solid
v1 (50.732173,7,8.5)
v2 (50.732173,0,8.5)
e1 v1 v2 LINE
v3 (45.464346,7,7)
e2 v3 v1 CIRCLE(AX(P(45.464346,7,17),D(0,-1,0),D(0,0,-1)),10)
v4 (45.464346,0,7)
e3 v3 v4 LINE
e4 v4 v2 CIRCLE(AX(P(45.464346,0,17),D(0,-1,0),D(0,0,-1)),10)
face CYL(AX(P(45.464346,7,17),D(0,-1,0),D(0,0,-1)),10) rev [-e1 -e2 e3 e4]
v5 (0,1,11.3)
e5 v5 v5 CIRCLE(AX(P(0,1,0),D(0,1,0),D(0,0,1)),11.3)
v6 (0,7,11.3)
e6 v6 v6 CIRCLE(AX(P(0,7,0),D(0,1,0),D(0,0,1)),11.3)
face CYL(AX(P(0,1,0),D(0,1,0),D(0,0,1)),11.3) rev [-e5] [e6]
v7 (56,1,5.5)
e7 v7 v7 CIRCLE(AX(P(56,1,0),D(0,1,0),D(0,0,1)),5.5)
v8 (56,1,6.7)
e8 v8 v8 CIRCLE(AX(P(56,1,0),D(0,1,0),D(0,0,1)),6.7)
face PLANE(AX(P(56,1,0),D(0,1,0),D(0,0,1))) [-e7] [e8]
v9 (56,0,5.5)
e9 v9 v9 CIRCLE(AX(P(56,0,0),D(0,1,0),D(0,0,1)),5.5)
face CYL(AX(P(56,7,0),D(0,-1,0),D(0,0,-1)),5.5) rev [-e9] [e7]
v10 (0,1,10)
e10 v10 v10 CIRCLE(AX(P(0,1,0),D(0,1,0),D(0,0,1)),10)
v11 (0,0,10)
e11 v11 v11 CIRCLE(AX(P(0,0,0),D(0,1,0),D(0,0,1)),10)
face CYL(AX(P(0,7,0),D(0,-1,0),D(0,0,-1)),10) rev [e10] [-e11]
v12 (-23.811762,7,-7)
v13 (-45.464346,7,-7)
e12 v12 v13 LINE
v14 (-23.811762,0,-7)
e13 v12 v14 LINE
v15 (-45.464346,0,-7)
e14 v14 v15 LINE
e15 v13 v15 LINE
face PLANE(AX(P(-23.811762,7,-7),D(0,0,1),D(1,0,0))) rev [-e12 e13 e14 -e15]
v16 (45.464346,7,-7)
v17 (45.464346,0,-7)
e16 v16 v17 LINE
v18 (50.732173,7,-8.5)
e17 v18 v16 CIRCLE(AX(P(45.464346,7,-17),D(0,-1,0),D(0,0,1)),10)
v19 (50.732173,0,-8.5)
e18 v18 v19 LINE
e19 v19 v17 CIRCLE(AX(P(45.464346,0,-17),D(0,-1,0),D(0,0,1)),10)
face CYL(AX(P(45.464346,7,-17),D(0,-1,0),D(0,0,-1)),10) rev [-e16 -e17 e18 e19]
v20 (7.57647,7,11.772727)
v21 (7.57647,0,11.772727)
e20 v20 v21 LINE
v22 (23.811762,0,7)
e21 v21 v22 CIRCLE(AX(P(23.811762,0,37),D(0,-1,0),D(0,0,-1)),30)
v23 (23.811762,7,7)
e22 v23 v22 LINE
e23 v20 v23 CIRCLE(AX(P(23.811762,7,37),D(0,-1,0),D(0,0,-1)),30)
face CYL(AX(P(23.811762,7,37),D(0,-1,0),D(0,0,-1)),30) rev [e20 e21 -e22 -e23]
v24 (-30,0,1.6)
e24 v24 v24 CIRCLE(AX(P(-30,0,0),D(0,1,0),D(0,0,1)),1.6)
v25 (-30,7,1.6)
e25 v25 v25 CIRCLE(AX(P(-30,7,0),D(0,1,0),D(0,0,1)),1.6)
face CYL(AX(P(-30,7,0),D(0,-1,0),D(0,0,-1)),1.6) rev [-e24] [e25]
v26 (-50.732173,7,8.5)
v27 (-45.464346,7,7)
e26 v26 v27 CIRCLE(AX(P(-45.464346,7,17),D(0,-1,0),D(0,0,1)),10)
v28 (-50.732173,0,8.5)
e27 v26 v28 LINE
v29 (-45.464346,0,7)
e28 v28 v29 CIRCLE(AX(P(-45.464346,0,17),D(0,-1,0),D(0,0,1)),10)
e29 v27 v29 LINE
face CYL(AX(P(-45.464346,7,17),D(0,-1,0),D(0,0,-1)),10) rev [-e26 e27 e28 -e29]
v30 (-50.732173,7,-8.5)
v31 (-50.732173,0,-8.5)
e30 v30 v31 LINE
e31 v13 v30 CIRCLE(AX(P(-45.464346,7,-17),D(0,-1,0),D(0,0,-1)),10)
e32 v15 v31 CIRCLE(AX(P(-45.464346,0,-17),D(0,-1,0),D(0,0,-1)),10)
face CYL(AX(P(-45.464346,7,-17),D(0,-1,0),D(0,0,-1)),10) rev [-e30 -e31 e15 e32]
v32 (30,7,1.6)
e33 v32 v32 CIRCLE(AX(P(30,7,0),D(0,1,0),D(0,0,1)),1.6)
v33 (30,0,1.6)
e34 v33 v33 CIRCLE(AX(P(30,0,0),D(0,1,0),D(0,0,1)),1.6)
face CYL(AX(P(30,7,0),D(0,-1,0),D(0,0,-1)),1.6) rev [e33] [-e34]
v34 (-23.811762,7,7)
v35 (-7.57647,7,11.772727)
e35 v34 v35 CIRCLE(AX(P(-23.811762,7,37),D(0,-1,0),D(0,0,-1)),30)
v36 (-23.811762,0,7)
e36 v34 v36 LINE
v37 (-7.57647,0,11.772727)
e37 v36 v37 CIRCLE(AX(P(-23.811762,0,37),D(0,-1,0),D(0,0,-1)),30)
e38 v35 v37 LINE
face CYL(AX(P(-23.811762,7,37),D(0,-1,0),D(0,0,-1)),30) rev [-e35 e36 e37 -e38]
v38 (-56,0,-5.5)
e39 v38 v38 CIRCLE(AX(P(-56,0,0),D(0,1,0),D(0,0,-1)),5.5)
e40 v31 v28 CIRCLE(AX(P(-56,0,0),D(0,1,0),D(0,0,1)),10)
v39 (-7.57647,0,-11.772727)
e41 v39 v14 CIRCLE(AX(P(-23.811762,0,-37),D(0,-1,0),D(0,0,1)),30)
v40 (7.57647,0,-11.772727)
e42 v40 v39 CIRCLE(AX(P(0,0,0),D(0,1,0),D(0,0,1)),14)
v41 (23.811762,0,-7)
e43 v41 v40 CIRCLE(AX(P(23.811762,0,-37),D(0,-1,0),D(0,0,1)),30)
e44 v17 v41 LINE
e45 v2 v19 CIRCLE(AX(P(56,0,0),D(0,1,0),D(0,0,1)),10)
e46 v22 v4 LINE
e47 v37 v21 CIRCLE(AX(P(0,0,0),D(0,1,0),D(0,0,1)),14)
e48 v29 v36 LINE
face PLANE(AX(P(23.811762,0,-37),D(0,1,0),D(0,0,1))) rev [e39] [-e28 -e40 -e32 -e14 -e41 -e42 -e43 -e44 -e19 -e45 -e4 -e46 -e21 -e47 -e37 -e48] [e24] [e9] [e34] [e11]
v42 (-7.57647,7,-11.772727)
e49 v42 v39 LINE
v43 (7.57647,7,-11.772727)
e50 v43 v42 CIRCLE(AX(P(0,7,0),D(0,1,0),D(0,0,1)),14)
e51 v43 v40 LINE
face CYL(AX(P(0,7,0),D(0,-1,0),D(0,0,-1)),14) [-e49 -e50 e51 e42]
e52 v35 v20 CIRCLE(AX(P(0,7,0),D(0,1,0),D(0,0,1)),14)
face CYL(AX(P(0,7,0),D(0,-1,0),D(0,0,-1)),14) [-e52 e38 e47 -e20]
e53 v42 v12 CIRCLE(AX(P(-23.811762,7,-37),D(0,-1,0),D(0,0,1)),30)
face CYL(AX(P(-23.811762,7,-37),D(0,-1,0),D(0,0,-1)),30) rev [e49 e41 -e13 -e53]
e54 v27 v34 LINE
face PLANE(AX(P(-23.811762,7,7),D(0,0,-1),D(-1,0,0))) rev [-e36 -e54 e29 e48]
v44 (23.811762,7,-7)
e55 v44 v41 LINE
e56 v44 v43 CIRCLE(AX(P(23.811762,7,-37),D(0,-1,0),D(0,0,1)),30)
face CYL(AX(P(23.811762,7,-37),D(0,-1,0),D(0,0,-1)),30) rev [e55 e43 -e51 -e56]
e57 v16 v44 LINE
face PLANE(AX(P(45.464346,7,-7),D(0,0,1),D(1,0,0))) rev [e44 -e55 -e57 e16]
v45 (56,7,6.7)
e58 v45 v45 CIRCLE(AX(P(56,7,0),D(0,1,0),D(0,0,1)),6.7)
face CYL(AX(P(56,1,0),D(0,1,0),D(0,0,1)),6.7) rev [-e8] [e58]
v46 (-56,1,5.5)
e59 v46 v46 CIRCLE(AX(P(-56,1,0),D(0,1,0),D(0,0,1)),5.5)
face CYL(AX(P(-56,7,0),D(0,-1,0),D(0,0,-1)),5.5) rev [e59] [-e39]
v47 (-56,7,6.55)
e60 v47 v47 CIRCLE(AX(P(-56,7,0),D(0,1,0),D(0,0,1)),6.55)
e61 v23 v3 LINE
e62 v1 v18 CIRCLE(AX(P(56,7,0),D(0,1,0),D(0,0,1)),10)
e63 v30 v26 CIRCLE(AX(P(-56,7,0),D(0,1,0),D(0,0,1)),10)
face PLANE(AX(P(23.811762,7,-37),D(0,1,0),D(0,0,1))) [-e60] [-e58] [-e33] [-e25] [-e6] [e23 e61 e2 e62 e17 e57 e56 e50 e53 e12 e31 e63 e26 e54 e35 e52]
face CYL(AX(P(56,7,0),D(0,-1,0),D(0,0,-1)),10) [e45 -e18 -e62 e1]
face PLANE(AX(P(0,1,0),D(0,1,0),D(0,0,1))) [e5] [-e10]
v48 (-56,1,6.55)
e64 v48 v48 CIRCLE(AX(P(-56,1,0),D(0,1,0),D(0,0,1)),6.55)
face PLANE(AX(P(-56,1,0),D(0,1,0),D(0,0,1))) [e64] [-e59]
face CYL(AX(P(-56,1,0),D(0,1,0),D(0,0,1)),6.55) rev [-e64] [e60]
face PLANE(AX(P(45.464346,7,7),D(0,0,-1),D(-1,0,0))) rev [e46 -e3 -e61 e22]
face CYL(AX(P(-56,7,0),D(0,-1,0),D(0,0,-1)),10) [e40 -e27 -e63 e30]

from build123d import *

# Parameters (mm, degrees)
SKETCH_1_R          = 10
SKETCH_1_R_2        = 5.5
SKETCH_1_R_3        = 1.6
EXTRUDE_1_DEPTH     = 7
SKETCH_3_R          = 6.55
SKETCH_3_R_2        = 6.7
CUT_EXTRUDE_1_DEPTH = 6
SKETCH_4_R          = 11.3
CUT_EXTRUDE_2_DEPTH = 6


with BuildPart() as part:
    # Эскиз1 → Бобышка-Вытянуть1 (new body)
    with BuildSketch(Plane(origin=(0, 0, 0), x_dir=(1, 0, 0), z_dir=(0, 1, 0))):
        with BuildLine():
            Line((-23.8117618, 7), (-45.464346247, 7))
            ThreePointArc((-45.464346247, 7), (-48.202959035, 7.382307969), (-50.732173124, 8.5))
            ThreePointArc((-50.732173124, 8.5), (-66, 0), (-50.732173124, -8.5))
            ThreePointArc((-50.732173124, -8.5), (-48.202959035, -7.382307969), (-45.464346247, -7))
            Line((-45.464346247, -7), (-23.8117618, -7))
            ThreePointArc((-23.8117618, -7), (-15.350620677, -8.217903292), (-7.576469664, -11.772727273))
            ThreePointArc((-7.576469664, -11.772727273), (0, -14), (7.576469664, -11.772727273))
            ThreePointArc((7.576469664, -11.772727273), (15.350620677, -8.217903292), (23.8117618, -7))
            Line((23.8117618, -7), (45.464346247, -7))
            ThreePointArc((45.464346247, -7), (48.202959035, -7.382307969), (50.732173124, -8.5))
            ThreePointArc((50.732173124, -8.5), (66, 0), (50.732173124, 8.5))
            ThreePointArc((50.732173124, 8.5), (48.202959035, 7.382307969), (45.464346247, 7))
            Line((45.464346247, 7), (23.8117618, 7))
            ThreePointArc((23.8117618, 7), (15.350620677, 8.217903292), (7.576469664, 11.772727273))
            ThreePointArc((7.576469664, 11.772727273), (0, 14), (-7.576469664, 11.772727273))
            ThreePointArc((-7.576469664, 11.772727273), (-15.350620677, 8.217903292), (-23.8117618, 7))
        make_face()
        with Locations(Location((0, 0, 0), (0, 0, 270))):
            Circle(SKETCH_1_R, mode=Mode.SUBTRACT)
        with Locations(Location((56, 0, 0), (0, 0, 270))):
            Circle(SKETCH_1_R_2, mode=Mode.SUBTRACT)
        with Locations(Location((-56, 0, 0), (0, 0, 90))):
            Circle(SKETCH_1_R_2, mode=Mode.SUBTRACT)
        with Locations(Location((-30, 0, 0), (0, 0, 270))):
            Circle(SKETCH_1_R_3, mode=Mode.SUBTRACT)
        with Locations(Location((30, 0, 0), (0, 0, 270))):
            Circle(SKETCH_1_R_3, mode=Mode.SUBTRACT)
    extrude(amount=EXTRUDE_1_DEPTH)

    # Эскиз3 → Вырез-Вытянуть1 (cut)
    with BuildSketch(Plane(origin=(0, 7, 0), x_dir=(1, 0, 0), z_dir=(0, 1, 0))):
        with Locations(Location((-56, 0, 0), (0, 0, 270))):
            Circle(SKETCH_3_R)
        with Locations(Location((56, 0, 0), (0, 0, 270))):
            Circle(SKETCH_3_R_2)
    extrude(amount=-CUT_EXTRUDE_1_DEPTH, mode=Mode.SUBTRACT)

    # Эскиз4 → Вырез-Вытянуть2 (cut)
    with BuildSketch(Plane(origin=(0, 7, 0), x_dir=(1, 0, 0), z_dir=(0, 1, 0))):
        with Locations(Location((0, 0, 0), (0, 0, 270))):
            Circle(SKETCH_4_R)
    extrude(amount=-CUT_EXTRUDE_2_DEPTH, mode=Mode.SUBTRACT)


solid = part.part
